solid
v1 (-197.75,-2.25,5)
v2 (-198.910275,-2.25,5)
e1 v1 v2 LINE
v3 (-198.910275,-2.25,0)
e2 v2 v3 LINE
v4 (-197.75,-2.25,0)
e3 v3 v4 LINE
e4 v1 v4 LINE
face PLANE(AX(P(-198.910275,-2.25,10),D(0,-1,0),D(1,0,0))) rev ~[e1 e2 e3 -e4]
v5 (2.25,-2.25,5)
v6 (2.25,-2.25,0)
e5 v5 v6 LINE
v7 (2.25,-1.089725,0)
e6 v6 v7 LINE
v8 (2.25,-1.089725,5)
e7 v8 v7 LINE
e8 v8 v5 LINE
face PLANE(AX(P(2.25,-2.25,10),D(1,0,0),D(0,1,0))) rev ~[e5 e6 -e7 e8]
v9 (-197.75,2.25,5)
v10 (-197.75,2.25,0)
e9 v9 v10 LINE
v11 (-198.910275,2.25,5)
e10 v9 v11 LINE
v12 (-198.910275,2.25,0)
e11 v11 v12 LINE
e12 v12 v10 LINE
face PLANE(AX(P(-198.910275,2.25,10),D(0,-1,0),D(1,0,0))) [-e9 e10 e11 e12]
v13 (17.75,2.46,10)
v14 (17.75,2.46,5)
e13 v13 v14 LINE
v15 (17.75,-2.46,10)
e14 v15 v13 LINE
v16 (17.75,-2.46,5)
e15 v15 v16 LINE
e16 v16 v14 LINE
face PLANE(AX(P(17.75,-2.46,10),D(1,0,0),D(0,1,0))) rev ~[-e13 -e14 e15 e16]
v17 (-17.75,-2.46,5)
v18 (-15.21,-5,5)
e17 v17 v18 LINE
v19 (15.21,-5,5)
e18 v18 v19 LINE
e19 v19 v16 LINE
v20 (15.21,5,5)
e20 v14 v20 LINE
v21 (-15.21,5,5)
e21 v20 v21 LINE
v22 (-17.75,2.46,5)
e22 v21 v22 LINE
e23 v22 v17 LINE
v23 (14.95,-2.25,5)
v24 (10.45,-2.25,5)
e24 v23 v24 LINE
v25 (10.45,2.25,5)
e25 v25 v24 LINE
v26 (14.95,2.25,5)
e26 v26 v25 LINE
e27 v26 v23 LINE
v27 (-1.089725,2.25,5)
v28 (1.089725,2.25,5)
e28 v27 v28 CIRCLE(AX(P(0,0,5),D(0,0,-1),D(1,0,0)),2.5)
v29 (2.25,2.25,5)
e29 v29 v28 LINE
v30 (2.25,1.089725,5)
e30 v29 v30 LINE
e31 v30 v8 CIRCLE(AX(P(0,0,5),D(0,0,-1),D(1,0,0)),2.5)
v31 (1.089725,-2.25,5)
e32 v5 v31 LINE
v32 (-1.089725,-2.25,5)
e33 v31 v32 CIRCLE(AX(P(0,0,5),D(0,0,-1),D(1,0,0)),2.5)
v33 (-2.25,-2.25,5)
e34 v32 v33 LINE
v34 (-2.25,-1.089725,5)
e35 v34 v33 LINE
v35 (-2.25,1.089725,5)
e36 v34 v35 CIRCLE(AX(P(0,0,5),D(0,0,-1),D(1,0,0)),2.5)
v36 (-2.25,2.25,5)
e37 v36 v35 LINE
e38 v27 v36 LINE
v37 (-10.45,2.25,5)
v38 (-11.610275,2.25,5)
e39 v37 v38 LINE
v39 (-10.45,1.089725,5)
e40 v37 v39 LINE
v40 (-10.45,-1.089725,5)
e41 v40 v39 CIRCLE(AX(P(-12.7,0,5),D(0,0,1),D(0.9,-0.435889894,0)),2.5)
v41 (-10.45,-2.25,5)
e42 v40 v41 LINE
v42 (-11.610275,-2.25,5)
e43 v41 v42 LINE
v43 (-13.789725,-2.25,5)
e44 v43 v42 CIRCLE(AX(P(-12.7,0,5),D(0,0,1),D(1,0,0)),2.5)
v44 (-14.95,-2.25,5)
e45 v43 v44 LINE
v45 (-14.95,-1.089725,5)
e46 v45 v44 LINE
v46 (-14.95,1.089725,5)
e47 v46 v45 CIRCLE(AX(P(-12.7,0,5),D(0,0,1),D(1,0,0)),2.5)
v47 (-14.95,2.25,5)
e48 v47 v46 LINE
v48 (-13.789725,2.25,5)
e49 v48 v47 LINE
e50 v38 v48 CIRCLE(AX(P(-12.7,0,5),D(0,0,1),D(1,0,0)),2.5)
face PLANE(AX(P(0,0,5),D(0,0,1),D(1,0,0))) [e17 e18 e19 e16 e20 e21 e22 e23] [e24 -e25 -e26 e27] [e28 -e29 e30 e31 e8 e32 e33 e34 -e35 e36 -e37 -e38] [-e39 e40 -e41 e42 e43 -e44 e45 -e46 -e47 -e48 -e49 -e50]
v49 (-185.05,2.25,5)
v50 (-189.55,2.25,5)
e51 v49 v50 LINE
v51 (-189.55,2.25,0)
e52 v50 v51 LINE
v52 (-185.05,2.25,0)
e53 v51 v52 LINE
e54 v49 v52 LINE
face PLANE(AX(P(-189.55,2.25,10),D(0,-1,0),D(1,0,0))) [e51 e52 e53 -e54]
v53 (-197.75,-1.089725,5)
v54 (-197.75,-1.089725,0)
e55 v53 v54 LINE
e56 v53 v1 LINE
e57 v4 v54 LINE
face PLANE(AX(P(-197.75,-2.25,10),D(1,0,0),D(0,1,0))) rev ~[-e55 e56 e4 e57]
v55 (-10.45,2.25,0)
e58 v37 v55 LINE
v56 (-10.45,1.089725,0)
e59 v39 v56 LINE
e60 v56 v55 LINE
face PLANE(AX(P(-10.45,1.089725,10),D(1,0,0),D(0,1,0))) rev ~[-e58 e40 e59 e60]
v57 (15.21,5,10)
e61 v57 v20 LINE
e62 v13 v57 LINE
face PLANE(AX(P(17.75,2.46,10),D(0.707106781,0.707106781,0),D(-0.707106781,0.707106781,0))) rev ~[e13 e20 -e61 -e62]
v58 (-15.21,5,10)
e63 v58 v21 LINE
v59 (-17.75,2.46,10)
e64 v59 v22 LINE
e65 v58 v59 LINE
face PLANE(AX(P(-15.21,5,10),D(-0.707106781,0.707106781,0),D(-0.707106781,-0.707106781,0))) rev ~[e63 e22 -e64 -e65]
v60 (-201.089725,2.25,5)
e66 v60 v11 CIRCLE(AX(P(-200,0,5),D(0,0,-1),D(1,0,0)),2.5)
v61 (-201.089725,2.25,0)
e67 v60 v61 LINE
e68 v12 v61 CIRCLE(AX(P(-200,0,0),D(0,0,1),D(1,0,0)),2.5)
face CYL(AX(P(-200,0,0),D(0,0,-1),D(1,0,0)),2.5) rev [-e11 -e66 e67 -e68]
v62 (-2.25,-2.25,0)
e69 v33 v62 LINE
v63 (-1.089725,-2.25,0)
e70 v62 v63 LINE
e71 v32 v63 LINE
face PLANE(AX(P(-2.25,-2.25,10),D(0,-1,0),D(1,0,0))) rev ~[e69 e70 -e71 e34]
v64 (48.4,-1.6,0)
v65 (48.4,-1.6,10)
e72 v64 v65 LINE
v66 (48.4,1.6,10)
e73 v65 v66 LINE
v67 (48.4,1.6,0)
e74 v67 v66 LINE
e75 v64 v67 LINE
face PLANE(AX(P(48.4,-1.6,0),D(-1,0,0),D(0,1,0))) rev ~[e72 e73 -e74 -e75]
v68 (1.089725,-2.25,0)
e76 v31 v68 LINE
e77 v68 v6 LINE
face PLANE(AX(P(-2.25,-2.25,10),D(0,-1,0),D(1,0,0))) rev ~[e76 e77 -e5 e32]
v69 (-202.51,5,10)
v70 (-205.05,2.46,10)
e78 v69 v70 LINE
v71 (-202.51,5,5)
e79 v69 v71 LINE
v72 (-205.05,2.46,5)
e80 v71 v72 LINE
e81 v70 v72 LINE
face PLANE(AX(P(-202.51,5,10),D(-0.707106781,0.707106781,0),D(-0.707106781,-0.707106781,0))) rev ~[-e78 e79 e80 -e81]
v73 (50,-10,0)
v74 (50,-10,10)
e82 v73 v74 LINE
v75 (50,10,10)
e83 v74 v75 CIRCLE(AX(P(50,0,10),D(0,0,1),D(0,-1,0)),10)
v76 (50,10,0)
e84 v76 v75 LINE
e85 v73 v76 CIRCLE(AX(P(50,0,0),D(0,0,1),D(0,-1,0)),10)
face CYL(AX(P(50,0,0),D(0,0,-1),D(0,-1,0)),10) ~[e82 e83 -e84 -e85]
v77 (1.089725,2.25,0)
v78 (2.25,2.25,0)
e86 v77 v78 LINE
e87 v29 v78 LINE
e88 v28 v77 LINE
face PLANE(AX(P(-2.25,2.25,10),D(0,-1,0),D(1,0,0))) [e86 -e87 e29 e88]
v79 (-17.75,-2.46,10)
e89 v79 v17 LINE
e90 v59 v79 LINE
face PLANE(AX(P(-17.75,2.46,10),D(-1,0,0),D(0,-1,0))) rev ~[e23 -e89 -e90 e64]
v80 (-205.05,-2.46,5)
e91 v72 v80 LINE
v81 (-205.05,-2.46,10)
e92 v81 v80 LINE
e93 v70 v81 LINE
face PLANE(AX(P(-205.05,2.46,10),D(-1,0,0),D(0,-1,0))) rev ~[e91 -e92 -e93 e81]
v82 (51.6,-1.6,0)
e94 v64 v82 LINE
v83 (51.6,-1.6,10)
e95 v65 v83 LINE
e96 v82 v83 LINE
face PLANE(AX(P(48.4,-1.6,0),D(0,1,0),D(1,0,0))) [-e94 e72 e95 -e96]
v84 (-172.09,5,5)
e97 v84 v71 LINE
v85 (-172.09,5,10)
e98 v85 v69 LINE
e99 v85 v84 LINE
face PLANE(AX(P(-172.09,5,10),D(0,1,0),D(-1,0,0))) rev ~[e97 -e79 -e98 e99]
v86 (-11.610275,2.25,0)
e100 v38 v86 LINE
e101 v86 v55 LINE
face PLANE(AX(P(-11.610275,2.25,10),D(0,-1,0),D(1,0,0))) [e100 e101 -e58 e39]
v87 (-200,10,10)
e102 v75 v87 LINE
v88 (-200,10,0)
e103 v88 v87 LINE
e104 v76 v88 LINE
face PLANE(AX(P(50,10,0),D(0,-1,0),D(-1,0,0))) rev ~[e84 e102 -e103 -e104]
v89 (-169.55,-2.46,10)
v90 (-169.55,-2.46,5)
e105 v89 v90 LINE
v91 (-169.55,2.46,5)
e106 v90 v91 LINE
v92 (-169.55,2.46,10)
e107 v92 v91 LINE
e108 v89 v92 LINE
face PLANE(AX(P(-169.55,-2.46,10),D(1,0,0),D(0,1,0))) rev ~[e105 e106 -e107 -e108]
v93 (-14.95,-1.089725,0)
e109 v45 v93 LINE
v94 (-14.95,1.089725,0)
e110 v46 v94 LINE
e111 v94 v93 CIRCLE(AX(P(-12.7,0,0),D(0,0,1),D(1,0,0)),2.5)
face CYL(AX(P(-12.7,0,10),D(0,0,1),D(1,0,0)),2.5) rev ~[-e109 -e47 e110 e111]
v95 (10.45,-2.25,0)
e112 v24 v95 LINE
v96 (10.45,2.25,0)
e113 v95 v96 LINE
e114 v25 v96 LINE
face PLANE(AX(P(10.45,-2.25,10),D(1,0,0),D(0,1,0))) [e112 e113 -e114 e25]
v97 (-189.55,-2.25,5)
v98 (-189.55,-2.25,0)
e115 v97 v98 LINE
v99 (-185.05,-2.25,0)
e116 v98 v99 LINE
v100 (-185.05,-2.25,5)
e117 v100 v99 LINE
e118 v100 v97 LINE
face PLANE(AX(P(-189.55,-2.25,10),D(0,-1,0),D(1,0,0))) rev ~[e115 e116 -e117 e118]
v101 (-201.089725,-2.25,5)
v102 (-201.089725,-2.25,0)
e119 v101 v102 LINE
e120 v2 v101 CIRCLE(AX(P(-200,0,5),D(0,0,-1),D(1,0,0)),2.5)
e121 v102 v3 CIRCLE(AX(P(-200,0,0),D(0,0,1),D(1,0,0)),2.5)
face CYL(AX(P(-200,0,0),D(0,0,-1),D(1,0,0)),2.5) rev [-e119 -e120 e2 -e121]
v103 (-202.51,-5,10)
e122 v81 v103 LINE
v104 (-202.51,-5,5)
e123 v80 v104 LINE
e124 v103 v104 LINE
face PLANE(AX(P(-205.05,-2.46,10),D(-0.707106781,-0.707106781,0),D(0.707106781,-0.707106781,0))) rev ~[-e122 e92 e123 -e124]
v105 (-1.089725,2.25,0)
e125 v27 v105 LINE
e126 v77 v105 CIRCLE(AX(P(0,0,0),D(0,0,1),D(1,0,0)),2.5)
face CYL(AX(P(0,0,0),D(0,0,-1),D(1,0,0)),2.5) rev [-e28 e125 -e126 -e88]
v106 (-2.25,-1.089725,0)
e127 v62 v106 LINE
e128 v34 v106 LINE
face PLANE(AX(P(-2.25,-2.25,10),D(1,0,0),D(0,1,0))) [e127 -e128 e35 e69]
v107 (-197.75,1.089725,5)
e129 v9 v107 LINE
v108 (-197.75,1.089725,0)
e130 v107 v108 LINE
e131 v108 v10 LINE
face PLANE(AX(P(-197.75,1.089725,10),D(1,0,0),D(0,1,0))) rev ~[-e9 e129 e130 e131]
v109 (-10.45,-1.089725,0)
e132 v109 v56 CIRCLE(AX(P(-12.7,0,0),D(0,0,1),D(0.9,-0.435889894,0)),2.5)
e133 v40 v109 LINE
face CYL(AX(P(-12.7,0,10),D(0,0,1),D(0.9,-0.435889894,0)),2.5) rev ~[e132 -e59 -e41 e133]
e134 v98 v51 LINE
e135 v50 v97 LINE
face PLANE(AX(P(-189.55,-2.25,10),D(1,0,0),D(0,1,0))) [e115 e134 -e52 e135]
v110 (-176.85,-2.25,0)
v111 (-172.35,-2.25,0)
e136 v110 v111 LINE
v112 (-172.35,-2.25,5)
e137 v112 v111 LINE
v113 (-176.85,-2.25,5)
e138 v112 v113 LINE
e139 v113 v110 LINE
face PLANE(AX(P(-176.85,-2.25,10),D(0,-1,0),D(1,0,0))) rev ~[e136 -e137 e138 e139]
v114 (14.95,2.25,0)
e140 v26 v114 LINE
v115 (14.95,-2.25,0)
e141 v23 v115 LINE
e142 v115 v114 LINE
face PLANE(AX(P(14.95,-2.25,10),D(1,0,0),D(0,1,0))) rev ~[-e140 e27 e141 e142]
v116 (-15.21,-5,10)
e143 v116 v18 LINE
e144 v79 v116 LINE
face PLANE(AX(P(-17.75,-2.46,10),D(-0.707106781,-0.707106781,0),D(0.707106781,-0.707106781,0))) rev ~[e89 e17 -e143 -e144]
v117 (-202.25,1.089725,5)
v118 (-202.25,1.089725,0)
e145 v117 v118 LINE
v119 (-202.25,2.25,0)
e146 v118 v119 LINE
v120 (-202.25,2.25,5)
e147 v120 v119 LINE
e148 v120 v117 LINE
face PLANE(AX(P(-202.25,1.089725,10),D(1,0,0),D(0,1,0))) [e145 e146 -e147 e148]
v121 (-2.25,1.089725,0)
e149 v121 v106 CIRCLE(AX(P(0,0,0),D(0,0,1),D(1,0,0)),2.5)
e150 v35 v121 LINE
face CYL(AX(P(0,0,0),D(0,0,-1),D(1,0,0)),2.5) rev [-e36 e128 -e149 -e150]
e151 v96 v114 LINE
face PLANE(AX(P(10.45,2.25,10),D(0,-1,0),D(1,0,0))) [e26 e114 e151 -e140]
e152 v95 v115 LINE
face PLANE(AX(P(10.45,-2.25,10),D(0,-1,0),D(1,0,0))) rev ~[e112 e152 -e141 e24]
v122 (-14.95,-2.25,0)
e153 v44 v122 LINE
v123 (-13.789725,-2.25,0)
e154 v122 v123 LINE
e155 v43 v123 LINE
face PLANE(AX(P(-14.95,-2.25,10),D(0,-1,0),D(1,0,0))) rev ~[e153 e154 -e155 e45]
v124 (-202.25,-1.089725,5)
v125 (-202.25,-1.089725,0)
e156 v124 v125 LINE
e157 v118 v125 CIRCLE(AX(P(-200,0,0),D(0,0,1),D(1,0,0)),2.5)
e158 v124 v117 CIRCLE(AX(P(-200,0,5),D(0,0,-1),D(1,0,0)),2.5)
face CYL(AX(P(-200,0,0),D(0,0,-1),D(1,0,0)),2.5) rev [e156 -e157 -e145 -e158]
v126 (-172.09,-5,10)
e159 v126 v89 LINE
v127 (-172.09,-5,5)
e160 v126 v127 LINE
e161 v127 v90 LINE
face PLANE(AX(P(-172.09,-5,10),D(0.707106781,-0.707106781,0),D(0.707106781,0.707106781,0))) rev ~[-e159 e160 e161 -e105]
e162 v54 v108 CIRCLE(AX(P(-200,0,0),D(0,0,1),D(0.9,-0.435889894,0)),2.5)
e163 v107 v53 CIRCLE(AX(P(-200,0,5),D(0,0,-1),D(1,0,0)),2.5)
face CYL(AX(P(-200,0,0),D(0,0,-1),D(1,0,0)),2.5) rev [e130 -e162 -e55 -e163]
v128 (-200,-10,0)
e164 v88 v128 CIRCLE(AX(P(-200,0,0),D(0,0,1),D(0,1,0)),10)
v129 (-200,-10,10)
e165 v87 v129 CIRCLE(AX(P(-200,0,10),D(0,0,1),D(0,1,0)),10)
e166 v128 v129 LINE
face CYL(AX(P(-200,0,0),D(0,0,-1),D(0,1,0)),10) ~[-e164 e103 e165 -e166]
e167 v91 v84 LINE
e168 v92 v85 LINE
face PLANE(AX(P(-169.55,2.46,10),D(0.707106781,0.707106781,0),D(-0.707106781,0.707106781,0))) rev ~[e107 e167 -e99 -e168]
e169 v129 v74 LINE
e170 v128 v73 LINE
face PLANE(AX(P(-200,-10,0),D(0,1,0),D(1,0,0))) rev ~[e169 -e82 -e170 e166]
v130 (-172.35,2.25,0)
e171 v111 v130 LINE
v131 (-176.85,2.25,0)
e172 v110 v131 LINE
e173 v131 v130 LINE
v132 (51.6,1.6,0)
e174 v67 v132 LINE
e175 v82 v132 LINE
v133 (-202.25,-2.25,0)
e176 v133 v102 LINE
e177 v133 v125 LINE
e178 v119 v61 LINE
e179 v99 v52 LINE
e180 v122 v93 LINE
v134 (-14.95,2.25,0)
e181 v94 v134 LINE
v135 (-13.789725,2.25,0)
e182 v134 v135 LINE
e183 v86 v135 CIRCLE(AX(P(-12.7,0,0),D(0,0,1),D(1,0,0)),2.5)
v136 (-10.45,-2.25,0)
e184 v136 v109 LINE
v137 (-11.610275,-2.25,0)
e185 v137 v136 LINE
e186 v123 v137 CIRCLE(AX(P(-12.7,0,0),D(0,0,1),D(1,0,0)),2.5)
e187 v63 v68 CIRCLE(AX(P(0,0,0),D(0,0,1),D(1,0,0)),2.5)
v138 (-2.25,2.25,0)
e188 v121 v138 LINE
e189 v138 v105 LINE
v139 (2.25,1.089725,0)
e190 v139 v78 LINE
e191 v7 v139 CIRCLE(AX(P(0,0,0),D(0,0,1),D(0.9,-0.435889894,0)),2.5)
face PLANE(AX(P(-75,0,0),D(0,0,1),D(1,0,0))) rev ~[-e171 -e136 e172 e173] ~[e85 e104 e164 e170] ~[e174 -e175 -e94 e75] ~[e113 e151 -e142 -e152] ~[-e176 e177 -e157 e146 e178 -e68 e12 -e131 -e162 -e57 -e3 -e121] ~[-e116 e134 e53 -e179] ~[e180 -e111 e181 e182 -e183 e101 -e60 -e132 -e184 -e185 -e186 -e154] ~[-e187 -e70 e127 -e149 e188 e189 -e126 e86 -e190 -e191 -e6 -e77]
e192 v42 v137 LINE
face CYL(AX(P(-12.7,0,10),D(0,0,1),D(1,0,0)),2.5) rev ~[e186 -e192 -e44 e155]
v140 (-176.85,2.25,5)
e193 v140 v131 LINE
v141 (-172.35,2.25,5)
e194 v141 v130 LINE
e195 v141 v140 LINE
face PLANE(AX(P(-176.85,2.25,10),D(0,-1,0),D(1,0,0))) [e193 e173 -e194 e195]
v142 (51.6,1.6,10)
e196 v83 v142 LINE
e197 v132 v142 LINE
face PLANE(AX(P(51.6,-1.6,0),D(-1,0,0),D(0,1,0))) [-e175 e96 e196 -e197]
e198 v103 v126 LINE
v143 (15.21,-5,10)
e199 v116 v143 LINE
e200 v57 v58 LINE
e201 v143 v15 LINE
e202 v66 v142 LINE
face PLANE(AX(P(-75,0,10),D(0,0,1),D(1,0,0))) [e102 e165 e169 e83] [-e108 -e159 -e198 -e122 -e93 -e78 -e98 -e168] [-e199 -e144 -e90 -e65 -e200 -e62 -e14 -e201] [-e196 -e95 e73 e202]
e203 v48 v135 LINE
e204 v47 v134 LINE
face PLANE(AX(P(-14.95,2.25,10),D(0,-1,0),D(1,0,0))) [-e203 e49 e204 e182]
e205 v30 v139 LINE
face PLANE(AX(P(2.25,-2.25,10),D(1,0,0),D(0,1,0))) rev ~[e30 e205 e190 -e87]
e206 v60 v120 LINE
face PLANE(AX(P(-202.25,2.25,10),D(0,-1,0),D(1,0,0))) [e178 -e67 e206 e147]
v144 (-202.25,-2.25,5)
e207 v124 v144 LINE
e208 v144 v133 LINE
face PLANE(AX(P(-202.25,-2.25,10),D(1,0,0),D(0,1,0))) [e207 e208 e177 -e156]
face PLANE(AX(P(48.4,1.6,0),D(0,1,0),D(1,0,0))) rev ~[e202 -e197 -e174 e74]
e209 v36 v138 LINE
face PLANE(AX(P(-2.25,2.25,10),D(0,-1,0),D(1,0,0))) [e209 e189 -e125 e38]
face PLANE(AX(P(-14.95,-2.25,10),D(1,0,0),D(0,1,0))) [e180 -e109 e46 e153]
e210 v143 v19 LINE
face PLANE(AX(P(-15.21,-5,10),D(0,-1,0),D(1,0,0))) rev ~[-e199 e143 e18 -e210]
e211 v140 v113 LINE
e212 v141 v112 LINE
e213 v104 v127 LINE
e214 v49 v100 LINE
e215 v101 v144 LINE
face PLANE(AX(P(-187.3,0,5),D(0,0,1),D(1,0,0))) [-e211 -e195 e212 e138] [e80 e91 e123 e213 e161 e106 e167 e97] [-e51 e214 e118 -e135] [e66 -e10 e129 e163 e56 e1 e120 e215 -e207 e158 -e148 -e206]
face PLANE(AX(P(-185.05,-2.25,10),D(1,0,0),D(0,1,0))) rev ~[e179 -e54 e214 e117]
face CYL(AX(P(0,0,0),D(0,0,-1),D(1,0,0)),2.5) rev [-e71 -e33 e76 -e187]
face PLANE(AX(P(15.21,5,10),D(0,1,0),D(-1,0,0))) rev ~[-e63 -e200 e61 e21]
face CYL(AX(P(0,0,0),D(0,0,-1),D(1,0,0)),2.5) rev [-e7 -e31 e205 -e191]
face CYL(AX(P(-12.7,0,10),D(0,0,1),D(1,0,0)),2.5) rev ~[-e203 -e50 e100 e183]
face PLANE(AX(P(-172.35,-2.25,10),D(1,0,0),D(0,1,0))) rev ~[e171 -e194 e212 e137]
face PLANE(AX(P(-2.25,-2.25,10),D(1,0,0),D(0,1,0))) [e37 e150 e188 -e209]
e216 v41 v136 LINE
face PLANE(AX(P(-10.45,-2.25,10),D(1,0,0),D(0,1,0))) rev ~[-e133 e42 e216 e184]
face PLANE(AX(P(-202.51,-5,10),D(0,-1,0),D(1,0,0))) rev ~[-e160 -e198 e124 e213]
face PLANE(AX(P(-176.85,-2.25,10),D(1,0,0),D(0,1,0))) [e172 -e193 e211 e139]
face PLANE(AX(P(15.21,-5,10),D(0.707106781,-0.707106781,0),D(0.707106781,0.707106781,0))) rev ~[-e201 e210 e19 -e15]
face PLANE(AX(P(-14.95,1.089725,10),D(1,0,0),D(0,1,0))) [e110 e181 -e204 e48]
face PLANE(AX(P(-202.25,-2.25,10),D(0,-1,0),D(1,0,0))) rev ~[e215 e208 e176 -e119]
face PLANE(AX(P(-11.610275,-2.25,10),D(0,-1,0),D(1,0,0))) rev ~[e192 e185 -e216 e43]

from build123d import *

# Parameters (mm, degrees)
SKETCH1_R           = 2.5
SKETCH1_W           = 3.2
SKETCH1_H           = 3.2
BOSS_EXTRUDE1_DEPTH = 10
SKETCH2_3_W         = 4.5
SKETCH2_3_H         = 4.5
CUT_EXTRUDE2_DEPTH  = 211.475651798
CUT_EXTRUDE1_START  = -5
SKETCH2_W           = 4.5
SKETCH2_H           = 4.5
CUT_EXTRUDE1_DEPTH  = 5


with BuildPart() as part:
    # Sketch1 → Boss-Extrude1 (new body)
    with BuildSketch(Plane.XY):
        with BuildLine():
            Line((50, 10), (-200, 10))
            ThreePointArc((-200, 10), (-210, 0), (-200, -10))
            Line((-200, -10), (50, -10))
            ThreePointArc((50, -10), (60, 0), (50, 10))
        make_face()
        Circle(SKETCH1_R, mode=Mode.SUBTRACT)
        with Locations((-200, 0)):
            Circle(SKETCH1_R, mode=Mode.SUBTRACT)
        with Locations((50, 0)):
            Rectangle(SKETCH1_W, SKETCH1_H, mode=Mode.SUBTRACT)
    extrude(amount=BOSS_EXTRUDE1_DEPTH)

    # Sketch2<3> → Cut-Extrude2 (cut, through all)
    with BuildSketch(Plane.XY.offset(10)):
        with Locations((12.7, 0)):
            Rectangle(SKETCH2_3_W, SKETCH2_3_H)
        Rectangle(SKETCH2_3_W, SKETCH2_3_H)
        with BuildLine():
            Line((-10.45, 1.089724736), (-10.45, 2.25))
            Line((-10.45, 2.25), (-11.610275264, 2.25))
            ThreePointArc((-11.610275264, 2.25), (-12.7, 2.5), (-13.789724736, 2.25))
            Line((-13.789724736, 2.25), (-14.95, 2.25))
            Line((-14.95, 2.25), (-14.95, 1.089724736))
            ThreePointArc((-14.95, 1.089724736), (-15.2, 0), (-14.95, -1.089724736))
            Line((-14.95, -1.089724736), (-14.95, -2.25))
            Line((-14.95, -2.25), (-13.789724736, -2.25))
            ThreePointArc((-13.789724736, -2.25), (-12.7, -2.5), (-11.610275264, -2.25))
            Line((-11.610275264, -2.25), (-10.45, -2.25))
            Line((-10.45, -2.25), (-10.45, -1.089724736))
            ThreePointArc((-10.45, -1.089724736), (-10.2, 0), (-10.45, 1.089724736))
        make_face()
        with Locations((-174.6, 0)):
            Rectangle(SKETCH2_3_W, SKETCH2_3_H)
        with Locations((-187.3, 0)):
            Rectangle(SKETCH2_3_W, SKETCH2_3_H)
        with BuildLine():
            Line((-197.75, 1.089724736), (-197.75, 2.25))
            Line((-197.75, 2.25), (-198.910275264, 2.25))
            ThreePointArc((-198.910275264, 2.25), (-200, 2.5), (-201.089724736, 2.25))
            Line((-201.089724736, 2.25), (-202.25, 2.25))
            Line((-202.25, 2.25), (-202.25, 1.089724736))
            ThreePointArc((-202.25, 1.089724736), (-202.5, 0), (-202.25, -1.089724736))
            Line((-202.25, -1.089724736), (-202.25, -2.25))
            Line((-202.25, -2.25), (-201.089724736, -2.25))
            ThreePointArc((-201.089724736, -2.25), (-200, -2.5), (-198.910275264, -2.25))
            Line((-198.910275264, -2.25), (-197.75, -2.25))
            Line((-197.75, -2.25), (-197.75, -1.089724736))
            ThreePointArc((-197.75, -1.089724736), (-197.5, 0), (-197.75, 1.089724736))
        make_face()
    extrude(amount=-CUT_EXTRUDE2_DEPTH, mode=Mode.SUBTRACT)

    # Sketch2 → Cut-Extrude1 (cut)
    # profile 1 of 2: a face of its own
    with BuildSketch(Plane.XY.offset(10).offset(CUT_EXTRUDE1_START)):
        Polygon((-15.21, -5), (15.21, -5), (17.75, -2.46), (17.75, 2.46), (15.21, 5), (-15.21, 5), (-17.75, 2.46), (-17.75, -2.46), align=None)
        with BuildLine():
            Line((-11.610275264, 2.25), (-10.45, 2.25))
            Line((-10.45, 2.25), (-10.45, 1.089724736))
            ThreePointArc((-10.45, 1.089724736), (-10.2, 0), (-10.45, -1.089724736))
            Line((-10.45, -1.089724736), (-10.45, -2.25))
            Line((-10.45, -2.25), (-11.610275264, -2.25))
            ThreePointArc((-11.610275264, -2.25), (-12.7, -2.5), (-13.789724736, -2.25))
            Line((-13.789724736, -2.25), (-14.95, -2.25))
            Line((-14.95, -2.25), (-14.95, -1.089724736))
            ThreePointArc((-14.95, -1.089724736), (-15.2, 0), (-14.95, 1.089724736))
            Line((-14.95, 1.089724736), (-14.95, 2.25))
            Line((-14.95, 2.25), (-13.789724736, 2.25))
            ThreePointArc((-13.789724736, 2.25), (-12.7, 2.5), (-11.610275264, 2.25))
        make_face(mode=Mode.SUBTRACT)
        with BuildLine():
            Line((1.089724736, 2.25), (2.25, 2.25))
            Line((2.25, 2.25), (2.25, 1.089724736))
            ThreePointArc((2.25, 1.089724736), (2.5, 0), (2.25, -1.089724736))
            Line((2.25, -1.089724736), (2.25, -2.25))
            Line((2.25, -2.25), (1.089724736, -2.25))
            ThreePointArc((1.089724736, -2.25), (0, -2.5), (-1.089724736, -2.25))
            Line((-1.089724736, -2.25), (-2.25, -2.25))
            Line((-2.25, -2.25), (-2.25, -1.089724736))
            ThreePointArc((-2.25, -1.089724736), (-2.5, 0), (-2.25, 1.089724736))
            Line((-2.25, 1.089724736), (-2.25, 2.25))
            Line((-2.25, 2.25), (-1.089724736, 2.25))
            ThreePointArc((-1.089724736, 2.25), (0, 2.5), (1.089724736, 2.25))
        make_face(mode=Mode.SUBTRACT)
        with Locations((12.7, 0)):
            Rectangle(SKETCH2_W, SKETCH2_H, mode=Mode.SUBTRACT)
    # profile 2 of 2: a face of its own
    with BuildSketch(Plane.XY.offset(10).offset(CUT_EXTRUDE1_START)):
        Polygon((-202.51, -5), (-172.09, -5), (-169.55, -2.46), (-169.55, 2.46), (-172.09, 5), (-202.51, 5), (-205.05, 2.46), (-205.05, -2.46), align=None)
        with BuildLine():
            Line((-198.910275264, 2.25), (-197.75, 2.25))
            Line((-197.75, 2.25), (-197.75, 1.089724736))
            ThreePointArc((-197.75, 1.089724736), (-197.5, 0), (-197.75, -1.089724736))
            Line((-197.75, -1.089724736), (-197.75, -2.25))
            Line((-197.75, -2.25), (-198.910275264, -2.25))
            ThreePointArc((-198.910275264, -2.25), (-200, -2.5), (-201.089724736, -2.25))
            Line((-201.089724736, -2.25), (-202.25, -2.25))
            Line((-202.25, -2.25), (-202.25, -1.089724736))
            ThreePointArc((-202.25, -1.089724736), (-202.5, 0), (-202.25, 1.089724736))
            Line((-202.25, 1.089724736), (-202.25, 2.25))
            Line((-202.25, 2.25), (-201.089724736, 2.25))
            ThreePointArc((-201.089724736, 2.25), (-200, 2.5), (-198.910275264, 2.25))
        make_face(mode=Mode.SUBTRACT)
        with Locations((-187.3, 0)):
            Rectangle(SKETCH2_W, SKETCH2_H, mode=Mode.SUBTRACT)
        with Locations((-174.6, 0)):
            Rectangle(SKETCH2_W, SKETCH2_H, mode=Mode.SUBTRACT)
    extrude(amount=CUT_EXTRUDE1_DEPTH, mode=Mode.SUBTRACT)


solid = part.part
